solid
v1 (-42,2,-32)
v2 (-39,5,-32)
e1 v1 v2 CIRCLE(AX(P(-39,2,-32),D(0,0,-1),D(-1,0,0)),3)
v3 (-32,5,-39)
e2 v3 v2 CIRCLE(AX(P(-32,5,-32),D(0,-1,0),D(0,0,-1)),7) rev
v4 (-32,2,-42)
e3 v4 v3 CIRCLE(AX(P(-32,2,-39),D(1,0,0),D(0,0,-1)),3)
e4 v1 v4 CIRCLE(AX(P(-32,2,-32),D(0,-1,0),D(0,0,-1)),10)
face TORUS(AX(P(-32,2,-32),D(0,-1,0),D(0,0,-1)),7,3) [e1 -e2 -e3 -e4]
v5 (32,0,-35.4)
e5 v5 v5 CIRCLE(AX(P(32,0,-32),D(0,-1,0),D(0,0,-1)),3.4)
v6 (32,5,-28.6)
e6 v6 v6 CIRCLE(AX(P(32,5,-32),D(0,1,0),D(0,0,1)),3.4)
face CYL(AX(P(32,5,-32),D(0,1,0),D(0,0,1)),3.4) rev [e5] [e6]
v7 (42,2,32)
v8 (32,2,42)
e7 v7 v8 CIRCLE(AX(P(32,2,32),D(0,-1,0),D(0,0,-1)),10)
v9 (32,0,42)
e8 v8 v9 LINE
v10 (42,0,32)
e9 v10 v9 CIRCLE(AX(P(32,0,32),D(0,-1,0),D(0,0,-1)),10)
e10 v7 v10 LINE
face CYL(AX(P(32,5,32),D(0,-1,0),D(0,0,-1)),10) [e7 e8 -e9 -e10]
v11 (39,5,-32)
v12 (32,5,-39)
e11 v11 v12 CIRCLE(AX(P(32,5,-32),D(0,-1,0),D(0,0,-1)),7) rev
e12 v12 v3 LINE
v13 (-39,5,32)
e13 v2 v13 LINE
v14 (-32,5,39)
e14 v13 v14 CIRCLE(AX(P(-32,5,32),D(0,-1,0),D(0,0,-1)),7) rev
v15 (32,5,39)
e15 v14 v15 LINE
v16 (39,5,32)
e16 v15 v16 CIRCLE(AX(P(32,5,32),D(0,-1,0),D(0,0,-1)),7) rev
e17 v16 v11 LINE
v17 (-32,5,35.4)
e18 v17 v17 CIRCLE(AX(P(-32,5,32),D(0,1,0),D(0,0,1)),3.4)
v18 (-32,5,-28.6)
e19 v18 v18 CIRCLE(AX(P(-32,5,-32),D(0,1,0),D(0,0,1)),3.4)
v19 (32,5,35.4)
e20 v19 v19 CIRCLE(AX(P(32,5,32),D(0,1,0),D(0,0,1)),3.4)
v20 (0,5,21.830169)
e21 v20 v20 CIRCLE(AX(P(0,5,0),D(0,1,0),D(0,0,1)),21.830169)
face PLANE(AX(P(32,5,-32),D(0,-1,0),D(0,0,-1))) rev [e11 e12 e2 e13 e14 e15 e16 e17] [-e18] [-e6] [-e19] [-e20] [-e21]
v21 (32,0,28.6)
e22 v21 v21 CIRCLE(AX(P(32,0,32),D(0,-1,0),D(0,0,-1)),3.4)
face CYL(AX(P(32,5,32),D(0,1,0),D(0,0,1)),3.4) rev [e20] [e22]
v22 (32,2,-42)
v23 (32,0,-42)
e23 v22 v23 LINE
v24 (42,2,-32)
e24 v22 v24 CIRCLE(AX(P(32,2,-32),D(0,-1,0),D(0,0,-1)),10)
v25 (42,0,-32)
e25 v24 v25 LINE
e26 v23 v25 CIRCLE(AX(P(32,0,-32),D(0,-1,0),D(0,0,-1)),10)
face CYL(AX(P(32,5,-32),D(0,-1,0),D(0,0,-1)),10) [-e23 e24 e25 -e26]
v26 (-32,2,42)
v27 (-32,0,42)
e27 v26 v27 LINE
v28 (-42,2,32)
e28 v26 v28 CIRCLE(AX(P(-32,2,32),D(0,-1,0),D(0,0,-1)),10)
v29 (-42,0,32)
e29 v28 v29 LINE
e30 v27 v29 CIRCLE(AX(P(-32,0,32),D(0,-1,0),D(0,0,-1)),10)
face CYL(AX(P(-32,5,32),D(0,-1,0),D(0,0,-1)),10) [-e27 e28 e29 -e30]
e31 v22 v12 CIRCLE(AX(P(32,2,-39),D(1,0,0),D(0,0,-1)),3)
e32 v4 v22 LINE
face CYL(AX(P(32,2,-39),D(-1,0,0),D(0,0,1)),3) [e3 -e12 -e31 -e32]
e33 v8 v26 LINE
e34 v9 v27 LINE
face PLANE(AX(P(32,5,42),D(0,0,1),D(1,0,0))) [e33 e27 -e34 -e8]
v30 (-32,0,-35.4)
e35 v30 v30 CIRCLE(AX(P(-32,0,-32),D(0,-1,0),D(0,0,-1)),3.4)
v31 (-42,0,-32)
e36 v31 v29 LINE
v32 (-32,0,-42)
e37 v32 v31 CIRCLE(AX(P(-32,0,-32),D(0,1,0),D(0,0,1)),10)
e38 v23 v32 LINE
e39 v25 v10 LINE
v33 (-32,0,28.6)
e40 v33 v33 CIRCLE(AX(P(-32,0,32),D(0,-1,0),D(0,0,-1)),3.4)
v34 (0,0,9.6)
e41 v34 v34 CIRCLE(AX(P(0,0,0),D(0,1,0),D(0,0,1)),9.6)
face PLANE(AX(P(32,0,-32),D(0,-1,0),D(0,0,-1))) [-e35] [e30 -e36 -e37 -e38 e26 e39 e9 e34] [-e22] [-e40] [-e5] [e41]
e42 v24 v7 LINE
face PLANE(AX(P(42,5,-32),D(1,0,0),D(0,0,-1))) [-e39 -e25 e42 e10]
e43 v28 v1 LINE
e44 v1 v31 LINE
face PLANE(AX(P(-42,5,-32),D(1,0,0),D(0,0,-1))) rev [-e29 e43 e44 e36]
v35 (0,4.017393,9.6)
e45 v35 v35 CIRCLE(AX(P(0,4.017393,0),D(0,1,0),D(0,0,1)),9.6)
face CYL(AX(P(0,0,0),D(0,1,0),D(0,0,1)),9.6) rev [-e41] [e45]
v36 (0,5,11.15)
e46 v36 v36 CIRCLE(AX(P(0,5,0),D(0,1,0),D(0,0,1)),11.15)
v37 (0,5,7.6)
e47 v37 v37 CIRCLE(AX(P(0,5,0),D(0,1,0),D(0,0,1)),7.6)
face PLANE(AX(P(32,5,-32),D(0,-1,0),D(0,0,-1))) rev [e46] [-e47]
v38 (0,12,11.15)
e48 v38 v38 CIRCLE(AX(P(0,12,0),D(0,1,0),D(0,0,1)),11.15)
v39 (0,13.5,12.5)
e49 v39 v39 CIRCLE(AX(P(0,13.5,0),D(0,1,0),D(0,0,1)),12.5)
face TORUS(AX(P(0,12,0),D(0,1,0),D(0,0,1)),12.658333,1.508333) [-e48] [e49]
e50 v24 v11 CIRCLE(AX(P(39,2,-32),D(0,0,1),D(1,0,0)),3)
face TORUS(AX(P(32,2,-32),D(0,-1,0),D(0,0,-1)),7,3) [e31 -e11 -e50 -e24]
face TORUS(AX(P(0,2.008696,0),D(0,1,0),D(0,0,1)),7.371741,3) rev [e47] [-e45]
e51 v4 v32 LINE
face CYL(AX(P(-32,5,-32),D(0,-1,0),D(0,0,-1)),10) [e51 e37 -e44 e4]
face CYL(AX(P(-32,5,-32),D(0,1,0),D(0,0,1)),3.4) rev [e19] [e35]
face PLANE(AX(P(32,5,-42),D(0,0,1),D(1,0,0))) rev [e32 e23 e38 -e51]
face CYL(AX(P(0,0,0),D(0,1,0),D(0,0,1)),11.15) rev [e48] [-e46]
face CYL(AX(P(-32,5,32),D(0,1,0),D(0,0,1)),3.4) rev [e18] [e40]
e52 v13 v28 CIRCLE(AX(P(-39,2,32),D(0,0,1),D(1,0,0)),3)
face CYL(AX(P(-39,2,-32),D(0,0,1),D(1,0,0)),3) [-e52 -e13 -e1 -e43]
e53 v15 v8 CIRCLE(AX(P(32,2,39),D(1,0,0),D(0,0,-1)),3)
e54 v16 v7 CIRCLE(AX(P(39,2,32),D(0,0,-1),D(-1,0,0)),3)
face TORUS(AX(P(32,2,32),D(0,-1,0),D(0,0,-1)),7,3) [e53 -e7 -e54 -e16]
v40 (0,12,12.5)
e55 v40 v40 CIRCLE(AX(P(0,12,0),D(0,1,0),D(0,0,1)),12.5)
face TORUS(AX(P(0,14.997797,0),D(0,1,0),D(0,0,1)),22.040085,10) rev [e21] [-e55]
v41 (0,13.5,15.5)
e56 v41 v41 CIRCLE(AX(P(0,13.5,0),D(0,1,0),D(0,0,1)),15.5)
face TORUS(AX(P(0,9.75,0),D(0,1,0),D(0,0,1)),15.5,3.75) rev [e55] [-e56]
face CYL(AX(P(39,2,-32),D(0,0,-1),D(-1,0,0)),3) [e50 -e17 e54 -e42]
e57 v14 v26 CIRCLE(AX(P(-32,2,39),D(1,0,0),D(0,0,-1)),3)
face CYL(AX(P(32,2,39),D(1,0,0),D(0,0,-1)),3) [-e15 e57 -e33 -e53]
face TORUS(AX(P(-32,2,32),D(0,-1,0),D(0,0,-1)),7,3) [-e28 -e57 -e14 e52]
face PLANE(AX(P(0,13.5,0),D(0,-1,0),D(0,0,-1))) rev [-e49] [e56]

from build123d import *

# Parameters (mm, degrees)
BOSS_EXTRUDE1_DEPTH              = 5
FILLET1_R                        = 3
TAP_DRILL_FOR_M8X1_25_TAP1_D     = 6.8
TAP_DRILL_FOR_M8X1_25_TAP1_DEPTH = 8
TAP_DRILL_FOR_M8X1_25_TAP1_TIP   = 2.042926105


with BuildPart() as part:
    # Sketch1 → Boss-Extrude1 (new body)
    with BuildSketch(Plane(origin=(0, 0, 0), x_dir=(1, 0, 0), z_dir=(0, 1, 0))):
        with BuildLine():
            Line((32, 42), (-32, 42))
            ThreePointArc((-32, 42), (-39.071067812, 39.071067812), (-42, 32))
            Line((-42, 32), (-42, -32))
            ThreePointArc((-42, -32), (-39.071067812, -39.071067812), (-32, -42))
            Line((-32, -42), (32, -42))
            ThreePointArc((32, -42), (39.071067812, -39.071067812), (42, -32))
            Line((42, -32), (42, 32))
            ThreePointArc((42, 32), (39.071067812, 39.071067812), (32, 42))
        make_face()
    extrude(amount=BOSS_EXTRUDE1_DEPTH)

    # Sketch3 → Revolve2 (revolve)
    with BuildSketch(Plane.XY):
        with BuildLine():
            Line((-21.830169384, 5), (-11.15, 5))
            Line((-11.15, 5), (-11.15, 12))
            ThreePointArc((-11.15, 12), (-11.537197996, 13.009021804), (-12.5, 13.5))
            Line((-12.5, 13.5), (-15.5, 13.5))
            ThreePointArc((-15.5, 13.5), (-13.822949017, 13.104101966), (-12.5, 12))
            ThreePointArc((-12.5, 12), (-16.03878275, 6.998773158), (-21.830169384, 5))
        make_face()
    revolve(axis=Axis((0, 0, 0), (0, -1, 0)))

    # Sketch3<5> → Cut-Revolve2 (revolve, cut)
    with BuildSketch(Plane.XY):
        with BuildLine():
            Line((0, 0), (0, 5))
            Line((0, 5), (-7.6, 5))
            ThreePointArc((-7.6, 5), (-8.694616444, 4.701278719), (-9.6, 4.017392631))
            Line((-9.6, 4.017392631), (-9.6, 0))
            Line((-9.6, 0), (0, 0))
        make_face()
    revolve(axis=Axis((0, 0, 0), (0, -1, 0)), mode=Mode.SUBTRACT)

    # Fillet1
    fillet1_edges = [part.edges().sort_by_distance(p)[0] for p in [
        (42, 5, 0),
        (39.071067812, 5, -39.071067812),
        (0, 5, -42),
        (-39.071067812, 5, -39.071067812),
        (-42, 5, 0),
        (-39.071067812, 5, 39.071067812),
        (0, 5, 42),
        (39.071067812, 5, 39.071067812),
    ]]
    fillet(fillet1_edges, radius=FILLET1_R)

    # Tap Drill for M8x1.25 Tap1
    with Locations(Plane(origin=(0, 5, 0), x_dir=(1, 0, 0), z_dir=(0, 1, 0))):
        with Locations((-32, 32), (-32, -32), (32, -32), (32, 32)):
            Hole(TAP_DRILL_FOR_M8X1_25_TAP1_D / 2, depth=TAP_DRILL_FOR_M8X1_25_TAP1_DEPTH)
            with Locations((0, 0, -(TAP_DRILL_FOR_M8X1_25_TAP1_DEPTH + TAP_DRILL_FOR_M8X1_25_TAP1_TIP / 2))):  # 118° drill point
                Cone(0, TAP_DRILL_FOR_M8X1_25_TAP1_D / 2, TAP_DRILL_FOR_M8X1_25_TAP1_TIP, mode=Mode.SUBTRACT)


solid = part.part
